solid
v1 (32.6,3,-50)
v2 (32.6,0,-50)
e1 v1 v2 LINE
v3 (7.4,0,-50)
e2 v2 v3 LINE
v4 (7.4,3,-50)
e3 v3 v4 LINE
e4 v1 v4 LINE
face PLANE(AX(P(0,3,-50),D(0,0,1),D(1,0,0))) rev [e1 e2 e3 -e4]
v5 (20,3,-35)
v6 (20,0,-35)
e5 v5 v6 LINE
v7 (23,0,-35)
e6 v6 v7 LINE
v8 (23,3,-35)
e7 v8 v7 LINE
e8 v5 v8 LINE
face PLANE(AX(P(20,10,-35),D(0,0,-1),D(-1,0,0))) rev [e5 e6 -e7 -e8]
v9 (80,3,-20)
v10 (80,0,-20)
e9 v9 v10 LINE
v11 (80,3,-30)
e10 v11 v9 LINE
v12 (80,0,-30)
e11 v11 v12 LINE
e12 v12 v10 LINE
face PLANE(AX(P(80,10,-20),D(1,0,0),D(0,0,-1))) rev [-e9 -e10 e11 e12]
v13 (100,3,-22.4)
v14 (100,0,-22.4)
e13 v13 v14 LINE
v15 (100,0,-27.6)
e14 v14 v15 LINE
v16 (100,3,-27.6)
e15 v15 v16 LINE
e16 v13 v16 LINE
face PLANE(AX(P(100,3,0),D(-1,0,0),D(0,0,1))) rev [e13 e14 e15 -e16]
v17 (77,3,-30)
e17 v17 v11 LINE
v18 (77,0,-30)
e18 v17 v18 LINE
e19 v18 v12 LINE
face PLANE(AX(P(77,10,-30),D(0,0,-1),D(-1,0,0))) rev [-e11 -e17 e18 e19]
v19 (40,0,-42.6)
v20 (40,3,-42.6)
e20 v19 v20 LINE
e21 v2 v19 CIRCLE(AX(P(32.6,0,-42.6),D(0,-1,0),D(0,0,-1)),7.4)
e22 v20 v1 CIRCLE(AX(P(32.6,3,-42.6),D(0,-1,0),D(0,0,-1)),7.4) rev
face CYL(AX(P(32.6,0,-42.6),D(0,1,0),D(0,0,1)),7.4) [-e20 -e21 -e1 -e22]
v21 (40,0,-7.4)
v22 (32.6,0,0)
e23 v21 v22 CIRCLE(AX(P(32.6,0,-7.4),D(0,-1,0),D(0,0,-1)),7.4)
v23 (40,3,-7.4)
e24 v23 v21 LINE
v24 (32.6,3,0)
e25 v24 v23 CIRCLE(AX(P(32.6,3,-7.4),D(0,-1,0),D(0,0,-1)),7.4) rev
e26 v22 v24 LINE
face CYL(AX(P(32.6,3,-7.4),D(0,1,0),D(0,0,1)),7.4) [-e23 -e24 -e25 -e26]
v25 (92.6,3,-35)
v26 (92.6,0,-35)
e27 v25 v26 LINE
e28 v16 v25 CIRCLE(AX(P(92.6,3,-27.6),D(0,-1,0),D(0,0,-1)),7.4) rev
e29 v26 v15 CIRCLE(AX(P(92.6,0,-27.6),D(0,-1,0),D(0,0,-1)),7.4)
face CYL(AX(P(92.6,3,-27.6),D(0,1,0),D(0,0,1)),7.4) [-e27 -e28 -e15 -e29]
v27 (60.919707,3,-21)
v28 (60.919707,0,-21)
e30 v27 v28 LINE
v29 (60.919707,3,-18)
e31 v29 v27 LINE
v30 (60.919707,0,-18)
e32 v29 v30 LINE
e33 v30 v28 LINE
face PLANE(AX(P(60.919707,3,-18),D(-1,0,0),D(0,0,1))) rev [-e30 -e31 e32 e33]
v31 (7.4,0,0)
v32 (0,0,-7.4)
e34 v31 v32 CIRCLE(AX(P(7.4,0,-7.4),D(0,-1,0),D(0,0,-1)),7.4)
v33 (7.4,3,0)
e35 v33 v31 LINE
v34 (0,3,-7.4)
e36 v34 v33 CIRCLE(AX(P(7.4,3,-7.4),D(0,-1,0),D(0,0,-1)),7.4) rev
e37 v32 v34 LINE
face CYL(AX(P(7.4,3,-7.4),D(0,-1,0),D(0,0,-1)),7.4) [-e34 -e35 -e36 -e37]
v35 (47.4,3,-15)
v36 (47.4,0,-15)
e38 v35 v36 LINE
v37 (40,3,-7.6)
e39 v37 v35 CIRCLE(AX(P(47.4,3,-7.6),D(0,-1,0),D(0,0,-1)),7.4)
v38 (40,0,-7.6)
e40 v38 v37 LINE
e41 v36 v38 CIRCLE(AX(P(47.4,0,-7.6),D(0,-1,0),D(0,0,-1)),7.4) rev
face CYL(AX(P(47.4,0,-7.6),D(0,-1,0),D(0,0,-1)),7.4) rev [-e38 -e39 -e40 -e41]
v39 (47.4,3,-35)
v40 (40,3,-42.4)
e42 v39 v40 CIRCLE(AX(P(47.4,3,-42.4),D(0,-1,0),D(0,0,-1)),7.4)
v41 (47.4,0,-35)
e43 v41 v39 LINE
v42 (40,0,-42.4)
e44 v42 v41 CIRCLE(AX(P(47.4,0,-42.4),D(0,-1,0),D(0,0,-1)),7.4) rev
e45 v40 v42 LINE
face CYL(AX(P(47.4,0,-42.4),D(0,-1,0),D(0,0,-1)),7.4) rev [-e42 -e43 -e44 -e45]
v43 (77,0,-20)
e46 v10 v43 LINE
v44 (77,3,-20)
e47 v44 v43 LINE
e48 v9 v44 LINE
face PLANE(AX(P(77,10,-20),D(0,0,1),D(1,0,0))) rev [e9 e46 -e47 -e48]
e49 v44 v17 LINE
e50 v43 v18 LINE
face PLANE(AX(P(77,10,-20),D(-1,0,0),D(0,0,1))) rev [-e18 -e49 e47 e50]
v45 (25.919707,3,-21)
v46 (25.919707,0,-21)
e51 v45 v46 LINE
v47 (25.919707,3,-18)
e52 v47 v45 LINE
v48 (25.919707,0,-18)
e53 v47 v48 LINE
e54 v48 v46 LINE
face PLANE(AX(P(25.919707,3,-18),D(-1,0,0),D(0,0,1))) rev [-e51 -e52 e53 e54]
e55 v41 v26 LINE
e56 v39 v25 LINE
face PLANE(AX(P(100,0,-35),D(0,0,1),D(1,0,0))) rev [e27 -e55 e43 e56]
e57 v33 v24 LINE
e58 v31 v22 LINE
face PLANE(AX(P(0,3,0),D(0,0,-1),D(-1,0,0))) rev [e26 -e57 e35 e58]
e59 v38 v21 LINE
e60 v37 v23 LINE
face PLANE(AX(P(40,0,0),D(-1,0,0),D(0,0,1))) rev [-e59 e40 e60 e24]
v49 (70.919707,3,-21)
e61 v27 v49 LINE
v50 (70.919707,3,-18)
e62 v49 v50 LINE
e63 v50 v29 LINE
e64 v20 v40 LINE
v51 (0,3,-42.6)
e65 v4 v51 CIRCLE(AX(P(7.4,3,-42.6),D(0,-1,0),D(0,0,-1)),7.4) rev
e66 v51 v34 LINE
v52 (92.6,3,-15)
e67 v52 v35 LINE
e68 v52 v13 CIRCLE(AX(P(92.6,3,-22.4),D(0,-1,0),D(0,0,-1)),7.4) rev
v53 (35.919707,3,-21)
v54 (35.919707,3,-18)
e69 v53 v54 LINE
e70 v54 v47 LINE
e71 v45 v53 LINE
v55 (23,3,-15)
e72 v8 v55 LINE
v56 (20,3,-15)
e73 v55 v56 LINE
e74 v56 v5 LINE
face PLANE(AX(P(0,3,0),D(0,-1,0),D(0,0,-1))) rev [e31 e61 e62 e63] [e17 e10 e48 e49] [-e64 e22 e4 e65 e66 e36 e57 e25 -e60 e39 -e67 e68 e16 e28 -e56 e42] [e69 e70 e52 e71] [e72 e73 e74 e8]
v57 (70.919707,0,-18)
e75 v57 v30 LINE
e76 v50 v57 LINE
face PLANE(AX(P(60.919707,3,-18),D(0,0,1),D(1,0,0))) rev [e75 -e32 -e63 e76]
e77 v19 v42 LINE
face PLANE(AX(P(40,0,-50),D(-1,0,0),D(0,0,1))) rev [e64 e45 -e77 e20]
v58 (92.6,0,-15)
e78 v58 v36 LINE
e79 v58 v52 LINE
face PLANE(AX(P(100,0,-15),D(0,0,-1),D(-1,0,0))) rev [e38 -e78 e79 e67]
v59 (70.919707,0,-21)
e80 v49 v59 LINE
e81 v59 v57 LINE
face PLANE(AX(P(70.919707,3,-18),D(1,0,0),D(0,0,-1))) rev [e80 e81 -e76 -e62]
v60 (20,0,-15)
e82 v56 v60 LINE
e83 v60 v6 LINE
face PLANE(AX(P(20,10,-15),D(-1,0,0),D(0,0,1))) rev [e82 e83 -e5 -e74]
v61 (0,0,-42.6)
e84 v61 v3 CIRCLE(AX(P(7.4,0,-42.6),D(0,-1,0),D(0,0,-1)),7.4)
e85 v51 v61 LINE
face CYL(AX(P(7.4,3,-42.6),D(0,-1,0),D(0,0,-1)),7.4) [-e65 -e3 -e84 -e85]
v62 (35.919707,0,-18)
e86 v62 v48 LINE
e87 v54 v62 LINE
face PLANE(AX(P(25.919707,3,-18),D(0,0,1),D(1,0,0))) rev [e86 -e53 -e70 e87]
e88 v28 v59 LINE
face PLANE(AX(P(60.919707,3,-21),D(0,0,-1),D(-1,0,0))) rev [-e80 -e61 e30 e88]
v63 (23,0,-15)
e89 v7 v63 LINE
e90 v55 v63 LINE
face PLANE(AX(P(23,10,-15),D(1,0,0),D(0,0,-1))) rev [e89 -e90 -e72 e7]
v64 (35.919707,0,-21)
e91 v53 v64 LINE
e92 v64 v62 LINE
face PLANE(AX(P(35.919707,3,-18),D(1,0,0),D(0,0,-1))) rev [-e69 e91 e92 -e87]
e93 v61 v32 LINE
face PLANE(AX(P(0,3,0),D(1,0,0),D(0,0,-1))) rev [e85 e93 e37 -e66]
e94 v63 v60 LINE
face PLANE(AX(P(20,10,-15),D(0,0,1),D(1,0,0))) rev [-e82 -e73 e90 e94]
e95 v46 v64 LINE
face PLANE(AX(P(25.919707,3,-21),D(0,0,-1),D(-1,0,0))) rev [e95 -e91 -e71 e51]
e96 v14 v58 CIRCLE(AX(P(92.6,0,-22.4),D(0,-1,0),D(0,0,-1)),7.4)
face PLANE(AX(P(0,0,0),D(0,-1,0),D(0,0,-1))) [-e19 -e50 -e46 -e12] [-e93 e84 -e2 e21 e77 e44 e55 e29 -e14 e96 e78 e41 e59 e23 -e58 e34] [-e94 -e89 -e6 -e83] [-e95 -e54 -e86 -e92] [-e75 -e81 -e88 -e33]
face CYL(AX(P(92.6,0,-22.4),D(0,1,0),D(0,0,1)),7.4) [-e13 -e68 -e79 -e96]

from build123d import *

# Parameters (mm, degrees)
SKETCH1_W           = 100
SKETCH1_H           = 50
BOSS_EXTRUDE1_DEPTH = 3
SKETCH2_W           = 60
SKETCH2_H           = 15
CUT_EXTRUDE1_DEPTH  = 3
FILLET1_R           = 7.4
SKETCH3_W           = 3
SKETCH3_H           = 20
SKETCH3_H_2         = 10
CUT_EXTRUDE2_DEPTH  = 10
SKETCH4_W           = 10
SKETCH4_H           = 3
CUT_EXTRUDE3_DEPTH  = 3


with BuildPart() as part:
    # Sketch1 → Boss-Extrude1 (new body)
    with BuildSketch(Plane(origin=(0, 0, 0), x_dir=(1, 0, 0), z_dir=(0, 1, 0))):
        with Locations((50, 25)):
            Rectangle(SKETCH1_W, SKETCH1_H)
    extrude(amount=BOSS_EXTRUDE1_DEPTH)

    # Sketch2 → Cut-Extrude1 (cut)
    with BuildSketch(Plane(origin=(0, 3, 0), x_dir=(1, 0, 0), z_dir=(0, 1, 0))):
        with Locations((70, 7.5)):
            Rectangle(SKETCH2_W, SKETCH2_H)
        with Locations((70, 42.5)):
            Rectangle(SKETCH2_W, SKETCH2_H)
    extrude(amount=-CUT_EXTRUDE1_DEPTH, mode=Mode.SUBTRACT)

    # Fillet1
    fillet1_edges = [part.edges().sort_by_distance(p)[0] for p in [
        (100, 1.5, -15),
        (40, 1.5, 0),
        (40, 1.5, -15),
        (100, 1.5, -35),
        (40, 1.5, -35),
        (40, 1.5, -50),
        (0, 1.5, -50),
        (0, 1.5, 0),
    ]]
    fillet(fillet1_edges, radius=FILLET1_R)

    # Sketch3 → Cut-Extrude2 (cut)
    with BuildSketch(Plane.XZ):
        with Locations((21.5, -25)):
            Rectangle(SKETCH3_W, SKETCH3_H)
        with Locations((78.5, -25)):
            Rectangle(SKETCH3_W, SKETCH3_H_2)
    extrude(amount=-CUT_EXTRUDE2_DEPTH, mode=Mode.SUBTRACT)

    # Sketch4 → Cut-Extrude3 (cut)
    with BuildSketch(Plane.XZ):
        with Locations((30.91970706, -19.5)):
            Rectangle(SKETCH4_W, SKETCH4_H)
        with Locations((65.91970706, -19.5)):
            Rectangle(SKETCH4_W, SKETCH4_H)
    extrude(amount=-CUT_EXTRUDE3_DEPTH, mode=Mode.SUBTRACT)


solid = part.part
